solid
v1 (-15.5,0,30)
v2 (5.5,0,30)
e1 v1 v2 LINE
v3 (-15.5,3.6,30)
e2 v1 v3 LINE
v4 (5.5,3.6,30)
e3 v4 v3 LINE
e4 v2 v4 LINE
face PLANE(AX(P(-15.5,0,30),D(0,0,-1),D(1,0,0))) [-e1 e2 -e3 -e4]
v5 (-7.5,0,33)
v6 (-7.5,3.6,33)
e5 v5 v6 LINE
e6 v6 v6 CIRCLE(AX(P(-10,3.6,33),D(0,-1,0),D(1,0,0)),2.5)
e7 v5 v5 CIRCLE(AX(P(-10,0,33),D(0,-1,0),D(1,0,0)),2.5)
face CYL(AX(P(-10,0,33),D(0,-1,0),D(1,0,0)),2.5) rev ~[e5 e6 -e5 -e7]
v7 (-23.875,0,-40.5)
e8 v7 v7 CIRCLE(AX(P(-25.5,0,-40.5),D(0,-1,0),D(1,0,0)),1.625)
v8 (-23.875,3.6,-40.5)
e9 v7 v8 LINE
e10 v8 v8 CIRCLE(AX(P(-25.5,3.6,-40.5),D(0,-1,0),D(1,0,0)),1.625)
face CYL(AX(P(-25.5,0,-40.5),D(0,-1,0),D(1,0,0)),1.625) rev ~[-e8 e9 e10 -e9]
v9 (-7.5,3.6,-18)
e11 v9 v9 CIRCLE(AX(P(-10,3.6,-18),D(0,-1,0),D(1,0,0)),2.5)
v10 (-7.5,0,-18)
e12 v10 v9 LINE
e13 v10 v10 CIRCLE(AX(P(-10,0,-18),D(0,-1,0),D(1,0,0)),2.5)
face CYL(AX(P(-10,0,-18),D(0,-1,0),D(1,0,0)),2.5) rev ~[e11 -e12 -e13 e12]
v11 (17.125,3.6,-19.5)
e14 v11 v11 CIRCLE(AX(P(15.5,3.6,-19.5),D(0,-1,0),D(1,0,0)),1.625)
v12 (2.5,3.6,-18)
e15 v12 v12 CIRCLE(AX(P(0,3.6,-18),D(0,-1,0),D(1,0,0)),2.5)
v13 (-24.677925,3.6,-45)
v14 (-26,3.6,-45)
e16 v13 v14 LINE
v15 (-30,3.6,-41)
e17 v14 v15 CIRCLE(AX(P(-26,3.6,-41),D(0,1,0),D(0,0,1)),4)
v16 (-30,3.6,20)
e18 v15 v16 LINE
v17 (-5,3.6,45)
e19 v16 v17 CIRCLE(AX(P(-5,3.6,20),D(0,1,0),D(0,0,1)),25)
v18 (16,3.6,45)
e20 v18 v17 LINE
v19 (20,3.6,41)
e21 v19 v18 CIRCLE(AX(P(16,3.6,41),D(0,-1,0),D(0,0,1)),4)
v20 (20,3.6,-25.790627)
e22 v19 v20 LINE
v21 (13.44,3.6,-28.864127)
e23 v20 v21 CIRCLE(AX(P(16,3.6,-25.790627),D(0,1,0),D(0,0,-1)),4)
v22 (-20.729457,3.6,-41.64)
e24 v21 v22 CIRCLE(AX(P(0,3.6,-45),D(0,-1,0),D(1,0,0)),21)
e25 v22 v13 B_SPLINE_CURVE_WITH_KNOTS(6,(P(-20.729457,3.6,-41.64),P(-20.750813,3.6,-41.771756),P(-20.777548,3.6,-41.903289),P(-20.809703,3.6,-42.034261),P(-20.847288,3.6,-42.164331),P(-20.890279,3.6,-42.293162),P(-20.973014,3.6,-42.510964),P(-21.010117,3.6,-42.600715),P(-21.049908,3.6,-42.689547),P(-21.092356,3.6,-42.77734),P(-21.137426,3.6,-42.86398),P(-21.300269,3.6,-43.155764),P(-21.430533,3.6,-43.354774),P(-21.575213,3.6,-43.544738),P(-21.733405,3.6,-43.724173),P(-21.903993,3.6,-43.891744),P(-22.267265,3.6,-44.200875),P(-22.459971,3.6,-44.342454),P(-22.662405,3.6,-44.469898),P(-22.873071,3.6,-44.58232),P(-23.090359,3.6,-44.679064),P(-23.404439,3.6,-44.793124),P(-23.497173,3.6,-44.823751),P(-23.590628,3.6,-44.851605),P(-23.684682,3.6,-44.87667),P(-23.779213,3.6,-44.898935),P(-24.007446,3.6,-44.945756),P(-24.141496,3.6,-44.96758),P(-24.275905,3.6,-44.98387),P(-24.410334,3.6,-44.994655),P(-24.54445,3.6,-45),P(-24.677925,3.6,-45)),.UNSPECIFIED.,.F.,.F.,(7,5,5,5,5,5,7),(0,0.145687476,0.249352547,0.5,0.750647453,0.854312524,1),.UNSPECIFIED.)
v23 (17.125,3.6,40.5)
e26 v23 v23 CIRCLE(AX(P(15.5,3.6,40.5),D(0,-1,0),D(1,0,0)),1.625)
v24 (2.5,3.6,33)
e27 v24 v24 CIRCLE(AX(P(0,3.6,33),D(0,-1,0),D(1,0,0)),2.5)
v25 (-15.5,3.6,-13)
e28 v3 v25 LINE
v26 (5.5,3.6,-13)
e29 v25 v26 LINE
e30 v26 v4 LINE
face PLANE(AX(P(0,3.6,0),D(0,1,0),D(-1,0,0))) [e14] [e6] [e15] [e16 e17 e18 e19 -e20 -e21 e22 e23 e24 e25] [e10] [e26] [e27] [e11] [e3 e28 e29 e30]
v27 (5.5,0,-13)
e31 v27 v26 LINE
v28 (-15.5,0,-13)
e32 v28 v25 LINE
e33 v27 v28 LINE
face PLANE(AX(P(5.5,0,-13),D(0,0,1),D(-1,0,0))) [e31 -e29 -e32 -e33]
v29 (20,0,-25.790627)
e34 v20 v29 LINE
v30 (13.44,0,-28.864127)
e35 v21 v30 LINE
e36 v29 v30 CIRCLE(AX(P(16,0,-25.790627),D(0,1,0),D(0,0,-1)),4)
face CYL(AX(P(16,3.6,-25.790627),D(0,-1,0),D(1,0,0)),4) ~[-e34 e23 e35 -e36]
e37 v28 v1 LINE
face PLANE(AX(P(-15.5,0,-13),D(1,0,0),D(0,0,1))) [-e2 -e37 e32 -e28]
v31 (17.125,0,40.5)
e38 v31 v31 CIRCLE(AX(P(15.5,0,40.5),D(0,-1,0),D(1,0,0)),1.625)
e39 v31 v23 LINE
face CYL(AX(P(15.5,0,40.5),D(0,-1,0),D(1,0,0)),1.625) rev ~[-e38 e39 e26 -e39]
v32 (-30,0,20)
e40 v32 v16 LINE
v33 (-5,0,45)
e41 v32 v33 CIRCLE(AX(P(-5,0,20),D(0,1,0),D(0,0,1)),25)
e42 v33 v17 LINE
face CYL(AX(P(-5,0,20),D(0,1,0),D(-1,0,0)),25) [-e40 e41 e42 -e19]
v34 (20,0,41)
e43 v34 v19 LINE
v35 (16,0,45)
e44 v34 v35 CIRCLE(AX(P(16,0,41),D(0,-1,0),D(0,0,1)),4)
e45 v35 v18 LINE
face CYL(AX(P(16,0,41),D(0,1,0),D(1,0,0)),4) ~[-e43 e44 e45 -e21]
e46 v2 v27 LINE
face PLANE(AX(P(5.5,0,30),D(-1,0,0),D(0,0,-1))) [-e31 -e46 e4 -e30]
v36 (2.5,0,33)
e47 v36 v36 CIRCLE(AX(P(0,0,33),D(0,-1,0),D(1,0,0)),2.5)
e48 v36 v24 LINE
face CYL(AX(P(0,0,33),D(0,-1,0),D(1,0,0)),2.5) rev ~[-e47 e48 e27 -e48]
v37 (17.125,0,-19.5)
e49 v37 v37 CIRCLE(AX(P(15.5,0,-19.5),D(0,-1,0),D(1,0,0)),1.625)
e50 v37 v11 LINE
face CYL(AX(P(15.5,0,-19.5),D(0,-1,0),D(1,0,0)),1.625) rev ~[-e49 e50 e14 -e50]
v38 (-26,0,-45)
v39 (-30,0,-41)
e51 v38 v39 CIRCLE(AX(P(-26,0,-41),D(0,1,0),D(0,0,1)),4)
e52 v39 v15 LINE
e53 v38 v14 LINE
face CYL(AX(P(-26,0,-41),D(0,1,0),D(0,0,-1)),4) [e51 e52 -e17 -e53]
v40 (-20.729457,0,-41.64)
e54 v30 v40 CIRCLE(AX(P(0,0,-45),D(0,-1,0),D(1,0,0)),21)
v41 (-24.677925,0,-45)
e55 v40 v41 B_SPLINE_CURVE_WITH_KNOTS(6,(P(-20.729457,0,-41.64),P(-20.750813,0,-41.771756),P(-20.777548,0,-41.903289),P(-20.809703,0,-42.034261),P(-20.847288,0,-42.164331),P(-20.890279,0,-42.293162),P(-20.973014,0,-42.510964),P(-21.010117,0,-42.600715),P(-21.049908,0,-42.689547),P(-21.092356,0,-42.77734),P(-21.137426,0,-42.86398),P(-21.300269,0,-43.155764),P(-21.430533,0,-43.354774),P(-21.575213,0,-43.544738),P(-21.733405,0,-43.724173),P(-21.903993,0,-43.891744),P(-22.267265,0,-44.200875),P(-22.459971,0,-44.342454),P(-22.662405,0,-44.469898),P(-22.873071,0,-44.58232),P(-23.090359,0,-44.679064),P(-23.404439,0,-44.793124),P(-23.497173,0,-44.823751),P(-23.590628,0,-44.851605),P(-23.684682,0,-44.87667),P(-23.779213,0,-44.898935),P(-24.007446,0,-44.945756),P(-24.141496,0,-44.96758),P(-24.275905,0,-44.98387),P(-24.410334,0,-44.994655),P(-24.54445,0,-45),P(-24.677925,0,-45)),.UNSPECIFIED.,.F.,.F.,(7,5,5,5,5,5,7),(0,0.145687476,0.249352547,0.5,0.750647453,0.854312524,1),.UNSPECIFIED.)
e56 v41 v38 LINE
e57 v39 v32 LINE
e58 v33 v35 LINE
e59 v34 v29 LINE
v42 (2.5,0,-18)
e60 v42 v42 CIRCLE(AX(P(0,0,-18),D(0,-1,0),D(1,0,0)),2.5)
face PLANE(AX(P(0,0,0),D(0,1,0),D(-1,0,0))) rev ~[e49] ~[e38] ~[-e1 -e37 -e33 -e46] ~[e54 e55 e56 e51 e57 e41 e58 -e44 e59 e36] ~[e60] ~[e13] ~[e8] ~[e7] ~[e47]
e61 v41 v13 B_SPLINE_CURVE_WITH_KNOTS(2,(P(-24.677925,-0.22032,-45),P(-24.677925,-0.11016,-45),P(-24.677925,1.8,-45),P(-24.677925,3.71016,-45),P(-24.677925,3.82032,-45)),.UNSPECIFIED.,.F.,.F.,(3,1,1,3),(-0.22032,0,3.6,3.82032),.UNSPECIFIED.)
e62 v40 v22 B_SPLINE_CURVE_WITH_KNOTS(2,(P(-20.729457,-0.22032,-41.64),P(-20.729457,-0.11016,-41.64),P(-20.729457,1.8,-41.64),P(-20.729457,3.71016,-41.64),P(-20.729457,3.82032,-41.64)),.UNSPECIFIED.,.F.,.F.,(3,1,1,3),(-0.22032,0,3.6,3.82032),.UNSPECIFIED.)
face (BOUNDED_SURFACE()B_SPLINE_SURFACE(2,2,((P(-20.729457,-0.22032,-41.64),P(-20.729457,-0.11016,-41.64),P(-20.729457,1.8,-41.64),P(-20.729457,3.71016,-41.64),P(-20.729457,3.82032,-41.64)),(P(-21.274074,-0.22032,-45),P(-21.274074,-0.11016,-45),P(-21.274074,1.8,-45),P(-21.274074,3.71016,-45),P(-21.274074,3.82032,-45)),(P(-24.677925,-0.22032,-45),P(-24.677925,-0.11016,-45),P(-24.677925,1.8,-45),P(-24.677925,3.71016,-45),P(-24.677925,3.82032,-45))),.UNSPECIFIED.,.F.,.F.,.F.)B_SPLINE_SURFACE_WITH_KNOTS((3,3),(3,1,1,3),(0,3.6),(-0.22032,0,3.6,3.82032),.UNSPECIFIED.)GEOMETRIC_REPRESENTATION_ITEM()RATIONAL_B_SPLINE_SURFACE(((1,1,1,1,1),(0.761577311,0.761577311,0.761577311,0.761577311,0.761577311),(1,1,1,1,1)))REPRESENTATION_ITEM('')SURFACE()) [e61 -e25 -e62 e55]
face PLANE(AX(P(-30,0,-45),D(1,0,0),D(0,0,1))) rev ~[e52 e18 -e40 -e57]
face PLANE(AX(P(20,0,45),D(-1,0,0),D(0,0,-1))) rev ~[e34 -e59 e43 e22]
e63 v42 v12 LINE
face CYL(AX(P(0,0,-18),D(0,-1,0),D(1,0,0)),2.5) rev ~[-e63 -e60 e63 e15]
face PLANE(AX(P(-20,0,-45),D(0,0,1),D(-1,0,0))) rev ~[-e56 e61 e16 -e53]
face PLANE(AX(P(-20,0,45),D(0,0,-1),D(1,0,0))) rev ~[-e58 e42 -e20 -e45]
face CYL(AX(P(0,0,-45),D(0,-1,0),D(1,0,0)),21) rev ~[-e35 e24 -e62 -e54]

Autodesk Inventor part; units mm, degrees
ref_plane "YZ Plane" through (0, 0, 0) normal (1, 0, 0) x (0, 1, 0)
ref_plane "XZ Plane" through (0, 0, 0) normal (0, 1, 0) x (-1, 0, 0)
ref_plane "XY Plane" through (0, 0, 0) normal (0, 0, 1) x (1, 0, 0)
sketch "Sketch1" plane through (0, 0, 0) normal (0, 1, 0) x (-1, 0, 0)
  line L0 (20, 45) -> (-20, 45)
  line L1 (-20, 45) -> (-20, -45)
  line L2 (-20, -45) -> (20, -45)
  line L3 (20, -45) -> (20, 45)
  line L4 (20, 45) -> (-20, -45) construction
  line L5 (-20, 45) -> (20, -45) construction
  arc A0 (-20, -45) -> (20, -45) centre (0, -45) ccw
  line L6 (20, -45) -> (30, -45)
  line L7 (30, -45) -> (30, 45)
  line L8 (30, 45) -> (20, 45)
  line L9 (20, 45) -> (20, -45)
  point P0 (0, 0)
  dimension "d0" = 40
  dimension "d1" = 90
  dimension "d7" = 10
  dimension "d8" = 90
extrude "Extrusion1" add sketch "Sketch1" along normal blind 3.6
fillet "Fillet1" radius 4 3 edges at (-20, 1.8, -45) (-30, 1.8, -45) (20, 1.8, 45)
sketch "Sketch3" plane through (0, 0, 0) normal (0, -1, 0) x (1, 0, 0)
  circle A0 centre (0, -45) radius 21
  arc A1 (-19.7203, -48.3333) -> (20, -45) centre (0, -45) ccw projected
  point P0 (0, 0)
  dimension "d10" = 42
  dimension "d11" = 0
extrude "Extrusion3" cut sketch "Sketch3" against normal blind 10
fillet "Fillet2" radius 4 2 edges at (20, 1.8, -38.5969) (-20.9742, 1.8, -46.0397)
sketch "Sketch4" plane through (0, 0, 0) normal (0, -1, 0) x (1, 0, 0)
  circle A0 centre (-25.5, -40.5) radius 1.625
  line L0 (-24.6779, -45) -> (-26, -45) projected
  circle A1 centre (15.5, -19.5) radius 1.625
  circle A2 centre (15.5, 40.5) radius 1.625
  line L1 (20, 41) -> (20, -25.7906) projected
  arc A3 (13.44, -28.8641) -> (20, -25.7906) centre (16, -25.7906) ccw projected
  line L2 (-30, -41) -> (-30, 45) projected
  line L3 (-30, 45) -> (16, 45) projected
  point P0 (0, 0)
  point P1 (-30, 41)
  point P2 (-26, 45)
  dimension "d15" = 3.25
  dimension "d16" = 4.5
  dimension "d21" = 3.25
  dimension "d22" = 3.25
  dimension "d23" = 4.5
  dimension "d25" = 4.5
  dimension "d29" = 4.5
  dimension "d30" = 4.5
  dimension "d31" = 60
extrude "Extrusion4" cut sketch "Sketch4" against normal blind 7
sketch "Sketch5" plane through (0, 0, 0) normal (0, -1, 0) x (1, 0, 0)
  line L0 (-15.5, 30) -> (5.5, 30)
  line L1 (5.5, 30) -> (5.5, -13)
  line L2 (5.5, -13) -> (-15.5, -13)
  line L3 (-15.5, -13) -> (-15.5, 30)
  line L4 (-15.5, 30) -> (5.5, -13) construction
  line L5 (5.5, 30) -> (-15.5, -13) construction
  line L6 (-24.6779, -45) -> (-26, -45) projected
  line L7 (-30, -41) -> (-30, 45) projected
  point P0 (0, 0)
  point P1 (-5, 8.5)
  point P2 (-30, 41)
  dimension "d32" = 21
  dimension "d33" = 43
  dimension "d34" = 32
  dimension "d35" = 14.5
extrude "Extrusion5" cut sketch "Sketch5" against normal blind 10
sketch "Sketch6" plane through (0, 0, 0) normal (0, -1, 0) x (1, 0, 0)
  circle A0 centre (0, -18) radius 2.5
  circle A1 centre (0, 33) radius 2.5
  circle A2 centre (-10, -18) radius 2.5
  circle A3 centre (-10, 33) radius 2.5
  line L0 (5.5, 30) -> (5.5, -13) projected
  line L1 (5.5, -13) -> (-15.5, -13) projected
  point P0 (0, 0)
  dimension "d38" = 5
  dimension "d39" = 5
  dimension "d40" = 51
  dimension "d41" = 5
  dimension "d42" = 5
  dimension "d43" = 10
  dimension "d44" = 10
  dimension "d45" = 51
  dimension "d46" = 90
  dimension "d47" = 5.5
  dimension "d48" = 5
extrude "Extrusion6" cut sketch "Sketch6" against normal blind 10
fillet "Fillet3" radius 25 1 edges at (-30, 1.8, 45)
properties part number "p1"
